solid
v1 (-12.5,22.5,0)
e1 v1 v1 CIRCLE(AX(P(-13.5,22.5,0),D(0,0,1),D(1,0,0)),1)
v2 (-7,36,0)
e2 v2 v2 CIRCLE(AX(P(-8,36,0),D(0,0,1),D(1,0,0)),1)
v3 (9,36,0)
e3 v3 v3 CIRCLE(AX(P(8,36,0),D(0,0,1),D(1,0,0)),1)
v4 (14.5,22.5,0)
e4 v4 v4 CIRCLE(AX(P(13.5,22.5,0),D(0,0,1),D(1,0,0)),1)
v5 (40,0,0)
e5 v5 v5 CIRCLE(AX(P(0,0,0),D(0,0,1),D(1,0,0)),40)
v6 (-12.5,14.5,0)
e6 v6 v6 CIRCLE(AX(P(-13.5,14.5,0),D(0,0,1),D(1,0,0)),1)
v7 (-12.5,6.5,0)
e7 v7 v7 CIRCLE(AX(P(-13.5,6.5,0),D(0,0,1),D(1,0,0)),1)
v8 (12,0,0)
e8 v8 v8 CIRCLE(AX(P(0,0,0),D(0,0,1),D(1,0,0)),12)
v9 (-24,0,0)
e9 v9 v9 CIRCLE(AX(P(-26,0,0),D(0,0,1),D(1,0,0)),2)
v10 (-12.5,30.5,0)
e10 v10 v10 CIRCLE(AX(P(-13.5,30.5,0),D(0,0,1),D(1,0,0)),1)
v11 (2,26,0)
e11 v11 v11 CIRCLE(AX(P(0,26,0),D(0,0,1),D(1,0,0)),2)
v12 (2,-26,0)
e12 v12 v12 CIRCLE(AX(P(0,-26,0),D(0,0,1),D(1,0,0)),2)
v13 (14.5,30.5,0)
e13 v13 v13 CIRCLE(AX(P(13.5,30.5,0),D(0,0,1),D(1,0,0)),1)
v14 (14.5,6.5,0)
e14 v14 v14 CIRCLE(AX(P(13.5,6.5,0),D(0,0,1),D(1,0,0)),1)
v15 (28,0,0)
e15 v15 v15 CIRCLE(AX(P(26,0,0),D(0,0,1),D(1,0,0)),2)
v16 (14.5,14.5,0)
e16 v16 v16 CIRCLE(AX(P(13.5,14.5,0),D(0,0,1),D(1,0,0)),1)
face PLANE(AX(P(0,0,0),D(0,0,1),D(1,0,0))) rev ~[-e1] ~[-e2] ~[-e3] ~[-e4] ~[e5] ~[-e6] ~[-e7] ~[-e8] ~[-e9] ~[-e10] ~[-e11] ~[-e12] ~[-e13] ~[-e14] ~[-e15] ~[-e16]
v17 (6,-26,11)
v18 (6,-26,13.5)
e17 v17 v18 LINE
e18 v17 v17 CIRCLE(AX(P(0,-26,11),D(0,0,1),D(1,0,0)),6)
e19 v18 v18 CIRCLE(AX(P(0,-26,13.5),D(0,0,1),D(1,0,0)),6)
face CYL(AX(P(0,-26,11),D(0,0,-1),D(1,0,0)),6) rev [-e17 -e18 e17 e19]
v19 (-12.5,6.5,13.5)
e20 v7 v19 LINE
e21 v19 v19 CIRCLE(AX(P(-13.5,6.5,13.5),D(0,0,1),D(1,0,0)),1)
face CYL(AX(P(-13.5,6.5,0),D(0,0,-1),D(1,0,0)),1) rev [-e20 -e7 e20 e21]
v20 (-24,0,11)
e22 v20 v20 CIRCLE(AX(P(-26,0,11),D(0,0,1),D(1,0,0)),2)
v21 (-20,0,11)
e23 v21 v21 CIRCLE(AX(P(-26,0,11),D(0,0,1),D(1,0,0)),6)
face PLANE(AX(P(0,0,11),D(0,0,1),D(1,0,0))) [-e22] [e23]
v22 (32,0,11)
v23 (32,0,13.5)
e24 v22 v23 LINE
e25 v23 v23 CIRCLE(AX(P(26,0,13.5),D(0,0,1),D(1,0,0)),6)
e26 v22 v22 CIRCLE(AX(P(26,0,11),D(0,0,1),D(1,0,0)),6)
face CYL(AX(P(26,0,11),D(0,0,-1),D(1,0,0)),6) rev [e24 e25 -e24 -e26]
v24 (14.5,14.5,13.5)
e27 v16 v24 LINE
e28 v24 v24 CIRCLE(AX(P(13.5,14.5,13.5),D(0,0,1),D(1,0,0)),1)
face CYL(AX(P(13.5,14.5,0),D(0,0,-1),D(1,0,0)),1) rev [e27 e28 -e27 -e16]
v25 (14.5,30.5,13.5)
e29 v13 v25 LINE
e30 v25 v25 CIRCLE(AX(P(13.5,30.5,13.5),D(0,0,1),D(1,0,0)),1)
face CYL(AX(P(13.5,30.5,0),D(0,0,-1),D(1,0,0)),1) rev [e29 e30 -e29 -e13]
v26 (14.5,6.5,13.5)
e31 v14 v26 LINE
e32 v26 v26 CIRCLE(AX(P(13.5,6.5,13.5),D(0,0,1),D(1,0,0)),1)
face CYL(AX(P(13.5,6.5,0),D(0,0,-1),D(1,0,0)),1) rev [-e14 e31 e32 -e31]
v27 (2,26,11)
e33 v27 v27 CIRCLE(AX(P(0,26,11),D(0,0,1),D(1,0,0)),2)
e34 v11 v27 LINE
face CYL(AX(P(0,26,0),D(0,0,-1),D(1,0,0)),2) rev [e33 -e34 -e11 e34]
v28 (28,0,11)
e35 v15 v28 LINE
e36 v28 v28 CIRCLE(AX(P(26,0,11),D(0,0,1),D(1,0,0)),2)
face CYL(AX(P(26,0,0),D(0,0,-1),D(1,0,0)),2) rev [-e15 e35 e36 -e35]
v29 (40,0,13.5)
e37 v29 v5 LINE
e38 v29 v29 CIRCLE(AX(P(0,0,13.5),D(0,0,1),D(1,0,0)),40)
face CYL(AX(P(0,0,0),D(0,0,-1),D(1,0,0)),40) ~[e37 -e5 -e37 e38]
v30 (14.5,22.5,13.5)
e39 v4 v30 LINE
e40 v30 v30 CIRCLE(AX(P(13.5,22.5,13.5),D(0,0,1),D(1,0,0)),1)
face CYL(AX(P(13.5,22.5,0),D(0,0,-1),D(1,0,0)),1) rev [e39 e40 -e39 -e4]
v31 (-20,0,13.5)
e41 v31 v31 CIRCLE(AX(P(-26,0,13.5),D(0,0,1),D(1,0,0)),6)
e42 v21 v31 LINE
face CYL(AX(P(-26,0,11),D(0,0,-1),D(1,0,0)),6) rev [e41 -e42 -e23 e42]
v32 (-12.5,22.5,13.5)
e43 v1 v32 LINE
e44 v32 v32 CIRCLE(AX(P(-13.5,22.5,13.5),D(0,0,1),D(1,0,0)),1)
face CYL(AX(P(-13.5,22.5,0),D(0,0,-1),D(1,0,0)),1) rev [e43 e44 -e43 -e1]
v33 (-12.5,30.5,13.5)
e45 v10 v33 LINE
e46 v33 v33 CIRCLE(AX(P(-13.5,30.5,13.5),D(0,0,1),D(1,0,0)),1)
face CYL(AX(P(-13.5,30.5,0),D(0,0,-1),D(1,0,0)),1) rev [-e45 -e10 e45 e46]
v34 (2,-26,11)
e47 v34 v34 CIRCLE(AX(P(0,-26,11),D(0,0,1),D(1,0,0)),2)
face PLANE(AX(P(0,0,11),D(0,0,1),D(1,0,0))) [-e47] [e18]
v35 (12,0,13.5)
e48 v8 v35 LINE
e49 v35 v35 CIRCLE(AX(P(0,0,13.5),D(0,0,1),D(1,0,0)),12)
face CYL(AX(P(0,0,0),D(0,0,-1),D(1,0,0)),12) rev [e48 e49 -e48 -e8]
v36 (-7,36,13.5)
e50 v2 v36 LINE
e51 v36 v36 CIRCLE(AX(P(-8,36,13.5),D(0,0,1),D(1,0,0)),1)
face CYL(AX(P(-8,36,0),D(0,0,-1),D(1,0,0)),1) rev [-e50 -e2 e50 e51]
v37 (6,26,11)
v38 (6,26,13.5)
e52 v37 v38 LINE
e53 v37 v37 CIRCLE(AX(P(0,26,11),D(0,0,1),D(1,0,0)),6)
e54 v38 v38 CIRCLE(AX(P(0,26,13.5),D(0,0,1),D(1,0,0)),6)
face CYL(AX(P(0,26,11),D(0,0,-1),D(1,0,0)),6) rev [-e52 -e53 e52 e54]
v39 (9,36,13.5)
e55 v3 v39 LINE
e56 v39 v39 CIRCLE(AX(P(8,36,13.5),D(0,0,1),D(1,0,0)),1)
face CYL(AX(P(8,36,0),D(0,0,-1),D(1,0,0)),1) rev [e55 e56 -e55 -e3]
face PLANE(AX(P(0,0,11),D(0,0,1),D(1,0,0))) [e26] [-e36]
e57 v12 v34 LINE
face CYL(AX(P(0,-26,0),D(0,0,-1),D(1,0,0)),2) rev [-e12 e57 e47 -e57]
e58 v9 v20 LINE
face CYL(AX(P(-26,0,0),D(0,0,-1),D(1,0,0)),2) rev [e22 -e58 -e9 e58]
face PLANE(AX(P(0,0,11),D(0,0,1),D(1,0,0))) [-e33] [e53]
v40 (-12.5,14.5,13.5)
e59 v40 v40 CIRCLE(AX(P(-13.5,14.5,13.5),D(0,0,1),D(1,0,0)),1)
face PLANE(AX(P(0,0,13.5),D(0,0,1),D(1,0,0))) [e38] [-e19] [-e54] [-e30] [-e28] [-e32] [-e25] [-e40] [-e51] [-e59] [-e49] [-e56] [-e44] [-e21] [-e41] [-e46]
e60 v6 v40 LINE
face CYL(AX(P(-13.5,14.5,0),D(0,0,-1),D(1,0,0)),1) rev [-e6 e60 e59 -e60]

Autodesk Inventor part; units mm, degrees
ref_plane "YZ Plane" through (0, 0, 0) normal (1, 0, 0) x (0, 1, 0)
ref_plane "XZ Plane" through (0, 0, 0) normal (0, 1, 0) x (-1, 0, 0)
ref_plane "XY Plane" through (0, 0, 0) normal (0, 0, 1) x (1, 0, 0)
sketch "Esquisse1" plane through (0, 0, 0) normal (0, 0, 1) x (1, 0, 0)
  circle A0 centre (0, 0) radius 40
  circle A1 centre (0, 0) radius 12
  line L0 (0, 0) -> (-13.5, 0) construction
  line L1 (-13.5, 0) -> (-13.5, 6.5) construction
  line L2 (-13.5, 6.5) -> (-13.5, 14.5) construction
  line L3 (-13.5, 14.5) -> (-13.5, 22.5) construction
  line L4 (-13.5, 22.5) -> (-13.5, 30.5) construction
  line L5 (0, 0) -> (0, 36) construction
  line L6 (0, 36) -> (-8, 36) construction
  circle A2 centre (-13.5, 6.5) radius 1
  circle A3 centre (-13.5, 14.5) radius 1
  circle A4 centre (-13.5, 22.5) radius 1
  circle A5 centre (-13.5, 30.5) radius 1
  circle A6 centre (-8, 36) radius 1
  circle A7 centre (13.5, 6.5) radius 1
  circle A8 centre (13.5, 14.5) radius 1
  circle A9 centre (13.5, 22.5) radius 1
  circle A10 centre (13.5, 30.5) radius 1
  circle A11 centre (8, 36) radius 1
  line L7 (0, 0) -> (40, 0) construction
  line L8 (12, 0) -> (40, 0) construction
  circle A12 centre (26, 0) radius 2
  circle A13 centre (0, 26) radius 2
  circle A14 centre (-26, 0) radius 2
  circle A15 centre (0, -26) radius 2
  line L9 (0, 0) -> (0, -26) construction
  dimension "d0" = 80
  dimension "d1" = 24
  dimension "d2" = 13.5
  dimension "d3" = 6.5
  dimension "d4" = 8
  dimension "d5" = 8
  dimension "d6" = 8
  dimension "d7" = 36
  dimension "d8" = 8
  dimension "d9" = 2
  dimension "d25" = 4
  dimension "d28" = 360
  dimension "d39" = 26
extrude "Extrusion3" add sketch "Esquisse1" along normal blind 11
sketch "Esquisse4" plane through (0, 0, 11) normal (0, 0, 1) x (1, 0, 0)
  circle A0 centre (0, 0) radius 12 projected
  circle A1 centre (26, 0) radius 2 projected
  circle A2 centre (26, 0) radius 6
  circle A3 centre (0, 26) radius 6
  circle A4 centre (-26, 0) radius 6
  circle A5 centre (0, -26) radius 6
  line L0 (0, 0) -> (40, 0) construction
  circle A6 centre (0, 0) radius 40 projected
  circle A7 centre (-13.5, 6.5) radius 1 projected
  circle A8 centre (-13.5, 14.5) radius 1 projected
  circle A9 centre (-13.5, 22.5) radius 1 projected
  circle A10 centre (13.5, 22.5) radius 1 projected
  circle A11 centre (13.5, 14.5) radius 1 projected
  circle A12 centre (13.5, 6.5) radius 1 projected
  circle A13 centre (13.5, 30.5) radius 1 projected
  circle A14 centre (-13.5, 30.5) radius 1 projected
  circle A15 centre (-8, 36) radius 1 projected
  circle A16 centre (8, 36) radius 1 projected
  dimension "d40" = 12
  dimension "d43" = 360
extrude "Extrusion6" add sketch "Esquisse4" along normal blind 2.5 contours A6
properties part number "bowl_ax12_support"
